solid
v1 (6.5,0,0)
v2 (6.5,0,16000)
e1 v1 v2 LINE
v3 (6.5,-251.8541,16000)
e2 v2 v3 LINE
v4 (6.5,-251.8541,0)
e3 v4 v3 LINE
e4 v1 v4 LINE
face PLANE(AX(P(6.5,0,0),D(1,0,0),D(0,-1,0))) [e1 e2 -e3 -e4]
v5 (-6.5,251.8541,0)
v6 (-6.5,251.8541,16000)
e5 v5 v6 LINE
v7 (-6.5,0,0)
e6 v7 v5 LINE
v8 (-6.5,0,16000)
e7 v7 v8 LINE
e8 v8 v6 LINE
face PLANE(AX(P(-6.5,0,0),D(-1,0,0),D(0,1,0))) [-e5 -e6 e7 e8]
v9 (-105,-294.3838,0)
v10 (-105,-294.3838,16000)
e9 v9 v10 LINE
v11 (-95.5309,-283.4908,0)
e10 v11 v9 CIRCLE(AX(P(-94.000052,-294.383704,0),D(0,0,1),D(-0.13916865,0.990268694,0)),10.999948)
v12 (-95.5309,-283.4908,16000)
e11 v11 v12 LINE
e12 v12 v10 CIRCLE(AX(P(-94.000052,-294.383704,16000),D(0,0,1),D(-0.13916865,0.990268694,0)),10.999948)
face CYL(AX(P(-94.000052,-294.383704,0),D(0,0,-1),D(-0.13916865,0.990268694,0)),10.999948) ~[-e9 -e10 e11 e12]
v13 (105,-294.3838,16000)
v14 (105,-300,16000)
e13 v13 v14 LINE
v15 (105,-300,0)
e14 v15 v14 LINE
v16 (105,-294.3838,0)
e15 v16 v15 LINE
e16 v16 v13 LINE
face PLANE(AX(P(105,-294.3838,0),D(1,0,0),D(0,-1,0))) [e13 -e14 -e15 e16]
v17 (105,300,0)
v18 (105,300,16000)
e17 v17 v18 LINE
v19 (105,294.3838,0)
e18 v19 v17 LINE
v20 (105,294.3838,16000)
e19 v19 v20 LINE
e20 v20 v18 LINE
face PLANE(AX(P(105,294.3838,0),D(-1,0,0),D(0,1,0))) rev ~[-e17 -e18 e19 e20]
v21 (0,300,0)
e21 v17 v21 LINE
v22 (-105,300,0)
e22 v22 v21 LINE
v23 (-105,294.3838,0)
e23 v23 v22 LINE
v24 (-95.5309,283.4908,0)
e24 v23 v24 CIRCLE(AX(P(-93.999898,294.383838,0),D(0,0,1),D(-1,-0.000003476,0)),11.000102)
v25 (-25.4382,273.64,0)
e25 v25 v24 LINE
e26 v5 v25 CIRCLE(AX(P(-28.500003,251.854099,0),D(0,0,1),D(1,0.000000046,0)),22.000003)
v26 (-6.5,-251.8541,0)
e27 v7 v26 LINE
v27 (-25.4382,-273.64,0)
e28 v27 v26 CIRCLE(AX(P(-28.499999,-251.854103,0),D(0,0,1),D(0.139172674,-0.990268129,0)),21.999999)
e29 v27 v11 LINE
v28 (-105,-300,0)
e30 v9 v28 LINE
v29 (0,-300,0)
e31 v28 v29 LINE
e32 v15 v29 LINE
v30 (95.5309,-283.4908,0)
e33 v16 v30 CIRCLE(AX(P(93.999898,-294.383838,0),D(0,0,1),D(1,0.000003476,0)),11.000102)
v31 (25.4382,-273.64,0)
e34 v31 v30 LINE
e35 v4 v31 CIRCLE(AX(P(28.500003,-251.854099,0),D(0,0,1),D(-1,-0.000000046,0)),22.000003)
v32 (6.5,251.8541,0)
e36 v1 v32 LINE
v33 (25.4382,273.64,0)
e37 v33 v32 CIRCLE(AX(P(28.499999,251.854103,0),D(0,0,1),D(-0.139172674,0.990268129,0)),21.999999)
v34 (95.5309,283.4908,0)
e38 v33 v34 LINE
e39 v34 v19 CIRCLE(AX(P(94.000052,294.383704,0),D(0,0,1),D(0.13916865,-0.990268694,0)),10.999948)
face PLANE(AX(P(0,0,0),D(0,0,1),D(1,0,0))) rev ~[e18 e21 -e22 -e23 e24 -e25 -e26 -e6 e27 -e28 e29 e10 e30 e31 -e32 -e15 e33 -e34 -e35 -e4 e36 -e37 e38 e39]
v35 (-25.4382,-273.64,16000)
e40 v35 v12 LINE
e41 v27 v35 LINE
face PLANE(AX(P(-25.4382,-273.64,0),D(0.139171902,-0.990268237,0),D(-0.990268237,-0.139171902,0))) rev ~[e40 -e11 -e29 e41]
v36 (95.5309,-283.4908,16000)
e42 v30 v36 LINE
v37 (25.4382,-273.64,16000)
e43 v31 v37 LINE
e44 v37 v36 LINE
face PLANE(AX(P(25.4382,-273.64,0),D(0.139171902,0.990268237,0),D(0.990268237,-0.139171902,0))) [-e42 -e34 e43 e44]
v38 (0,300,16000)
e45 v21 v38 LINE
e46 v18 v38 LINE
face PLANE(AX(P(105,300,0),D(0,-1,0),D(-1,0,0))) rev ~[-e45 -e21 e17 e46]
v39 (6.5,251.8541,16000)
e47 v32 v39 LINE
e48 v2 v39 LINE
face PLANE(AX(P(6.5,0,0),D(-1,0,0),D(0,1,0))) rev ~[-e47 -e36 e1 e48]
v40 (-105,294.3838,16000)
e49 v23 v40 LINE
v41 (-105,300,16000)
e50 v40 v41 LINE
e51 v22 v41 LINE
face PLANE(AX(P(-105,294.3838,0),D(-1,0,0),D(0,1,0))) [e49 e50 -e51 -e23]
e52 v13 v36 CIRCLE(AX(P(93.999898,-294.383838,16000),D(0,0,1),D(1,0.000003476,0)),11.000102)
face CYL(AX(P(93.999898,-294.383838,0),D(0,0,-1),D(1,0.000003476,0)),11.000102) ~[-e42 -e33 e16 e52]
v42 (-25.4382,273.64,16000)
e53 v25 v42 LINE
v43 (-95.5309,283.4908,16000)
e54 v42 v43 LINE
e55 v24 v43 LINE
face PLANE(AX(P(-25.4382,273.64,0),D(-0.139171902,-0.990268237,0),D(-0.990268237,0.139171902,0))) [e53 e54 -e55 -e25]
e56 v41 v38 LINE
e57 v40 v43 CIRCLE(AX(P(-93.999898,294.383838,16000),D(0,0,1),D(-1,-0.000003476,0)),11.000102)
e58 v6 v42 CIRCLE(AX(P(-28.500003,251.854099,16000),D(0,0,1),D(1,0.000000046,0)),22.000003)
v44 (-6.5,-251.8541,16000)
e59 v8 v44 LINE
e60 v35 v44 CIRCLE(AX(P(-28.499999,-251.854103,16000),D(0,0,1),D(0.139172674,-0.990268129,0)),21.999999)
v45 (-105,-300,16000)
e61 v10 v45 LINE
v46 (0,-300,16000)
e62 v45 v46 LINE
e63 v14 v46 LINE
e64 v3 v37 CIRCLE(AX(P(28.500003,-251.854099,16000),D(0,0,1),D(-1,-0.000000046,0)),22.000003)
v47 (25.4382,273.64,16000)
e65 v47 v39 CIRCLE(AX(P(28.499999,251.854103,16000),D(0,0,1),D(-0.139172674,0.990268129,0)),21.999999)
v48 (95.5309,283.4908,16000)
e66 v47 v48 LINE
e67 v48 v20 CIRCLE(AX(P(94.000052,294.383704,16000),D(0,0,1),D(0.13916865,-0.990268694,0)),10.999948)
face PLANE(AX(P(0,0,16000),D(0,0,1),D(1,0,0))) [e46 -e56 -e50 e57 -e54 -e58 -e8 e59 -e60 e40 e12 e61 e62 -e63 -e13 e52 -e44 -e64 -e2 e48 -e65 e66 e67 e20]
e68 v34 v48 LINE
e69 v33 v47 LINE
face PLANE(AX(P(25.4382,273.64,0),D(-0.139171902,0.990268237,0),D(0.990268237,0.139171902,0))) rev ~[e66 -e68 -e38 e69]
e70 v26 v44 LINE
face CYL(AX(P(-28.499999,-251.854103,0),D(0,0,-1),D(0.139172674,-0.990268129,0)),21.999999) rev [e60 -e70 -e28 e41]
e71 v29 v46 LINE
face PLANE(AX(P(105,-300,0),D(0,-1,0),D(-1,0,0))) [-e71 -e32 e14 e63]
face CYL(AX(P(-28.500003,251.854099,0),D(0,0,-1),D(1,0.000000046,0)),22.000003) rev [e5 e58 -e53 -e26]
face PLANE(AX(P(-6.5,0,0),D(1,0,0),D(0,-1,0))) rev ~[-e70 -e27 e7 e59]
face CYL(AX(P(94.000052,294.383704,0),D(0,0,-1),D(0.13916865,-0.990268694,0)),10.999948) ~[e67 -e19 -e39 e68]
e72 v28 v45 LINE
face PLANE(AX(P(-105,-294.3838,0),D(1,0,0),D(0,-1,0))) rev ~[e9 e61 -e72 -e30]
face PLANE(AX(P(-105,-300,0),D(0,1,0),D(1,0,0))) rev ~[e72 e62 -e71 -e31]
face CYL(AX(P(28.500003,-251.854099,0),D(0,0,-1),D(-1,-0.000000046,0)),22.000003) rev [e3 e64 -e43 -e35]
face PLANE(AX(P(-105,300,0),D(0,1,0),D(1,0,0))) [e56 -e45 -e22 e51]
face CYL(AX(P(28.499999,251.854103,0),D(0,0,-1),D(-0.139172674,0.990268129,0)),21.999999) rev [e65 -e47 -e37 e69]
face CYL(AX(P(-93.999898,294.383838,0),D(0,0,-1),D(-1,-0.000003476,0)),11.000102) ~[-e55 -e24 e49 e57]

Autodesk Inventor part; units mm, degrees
ref_plane "YZ Plane" through (0, 0, 0) normal (1, 0, 0) x (0, 1, 0)
ref_plane "Startebene" through (0, 0, 0) normal (0, 0, 1) x (1, 0, 0)
ref_plane "Endebene" through (0, 0, 16000) normal (0, 0, 1) x (1, 0, 0)
sketch "Skizze" plane through (0, 0, 0) normal (0, 0, 1) x (1, 0, 0)
  line L0 (-6.5, 0) -> (-6.5, -251.8541)
  line L1 (-25.4382, -273.64) -> (-95.5309, -283.4908)
  line L2 (-105, -294.3838) -> (-105, -300)
  line L3 (-105, -300) -> (0, -300)
  line L4 (-55.75, -300) -> (-55.75, -277.9) construction
  line L5 (-25.7112, 0) -> (34.2816, 0) construction
  line L6 (0, 40) -> (0, -300) construction
  line L7 (0, -48) -> (0, 64) construction
  line L8 (6.5, 0) -> (6.5, -251.8541)
  line L9 (25.4382, -273.64) -> (95.5309, -283.4908)
  line L10 (105, -294.3838) -> (105, -300)
  line L11 (105, -300) -> (0, -300)
  line L12 (-6.5, 0) -> (6.5, 0) construction
  line L13 (-6.5, 0) -> (-6.5, 251.8541)
  line L14 (-25.4382, 273.64) -> (-95.5309, 283.4908)
  line L15 (-105, 294.3838) -> (-105, 300)
  line L16 (-105, 300) -> (0, 300)
  line L17 (6.5, 0) -> (6.5, 251.8541)
  line L18 (25.4382, 273.64) -> (95.5309, 283.4908)
  line L19 (105, 294.3838) -> (105, 300)
  line L20 (105, 300) -> (0, 300)
  arc A0 (-105, 294.3838) -> (-95.5309, 283.4908) centre (-94, 294.3838) ccw
  arc A1 (95.5309, 283.4908) -> (105, 294.3838) centre (94, 294.3838) ccw
  arc A2 (105, -294.3838) -> (95.5309, -283.4908) centre (94, -294.3838) ccw
  arc A3 (-95.5309, -283.4908) -> (-105, -294.3838) centre (-94, -294.3838) ccw
  arc A4 (-6.5, 251.8541) -> (-25.4382, 273.64) centre (-28.5, 251.8541) ccw
  arc A5 (25.4382, 273.64) -> (6.5, 251.8541) centre (28.5, 251.8541) ccw
  arc A6 (6.5, -251.8541) -> (25.4382, -273.64) centre (28.5, -251.8541) ccw
  arc A7 (-25.4382, -273.64) -> (-6.5, -251.8541) centre (-28.5, -251.8541) ccw
  line L21 (0, 420) -> (0, -420) construction
  line L22 (-149.8509, 0) -> (149.8509, 0) construction
  point P0 (-6.5, -270.9784)
  point P1 (-105, -284.8216)
  point P2 (6.5, -270.9784)
  point P3 (105, -284.8216)
  point P4 (55.75, -300)
  point P5 (55.75, -277.9)
  point P6 (-6.5, 270.9784)
  point P7 (-105, 284.8216)
  point P8 (-55.75, 300)
  point P9 (-55.75, 277.9)
  point P10 (6.5, 270.9784)
  point P11 (105, 284.8216)
  point P12 (55.75, 277.9)
  point P13 (55.75, 300)
  dimension "d1" = 6.9216
  dimension "d2" = 22.1
  dimension "d3" = 49.25
  dimension "d4" = 6.5
  dimension "d5" = 105
  dimension "d10" = 300
  dimension "d14" = 11
  dimension "d15" = 22
extrude "Körper" add sketch "Skizze" along normal up to surface (16000 mm away) from surface at 0
sketch "Sketch3" plane through (0, 0, 0) normal (0, 0, 1) x (1, 0, 0)
  line L0 (0, 0) -> (10, 0)
ref_plane "Work Plane3" through (0, 0, 0) normal (0, -1, 0) x (1, 0, 0)
sketch "Sketch4" plane through (0, 0, 0) normal (0, -1, 0) x (1, 0, 0)
  line L0 (-2, 0) -> (12, 0)
  line L1 (-2, 16000) -> (12, 16000)
  dimension "d19" = 16000
equation "\"d2\" = G_T1"
equation "\"d3\" = G_C"
equation "\"d4\" = 0.5 * G_T"
equation "\"d5\" = 0.5 * G_W"
equation "\"d10\" = 0.5 * G_H"
equation "\"d14\" = G_ER"
equation "\"d15\" = G_IR"
equation "\"d6\" = G_L"
equation "\"G_W\" = 210"
equation "\"G_H\" = 600"
equation "\"G_T\" = 13"
equation "\"G_T1\" = 22.1"
equation "\"G_C\" = 49.25"
equation "\"G_NG\" = 0.140541"
equation "\"G_L\" = d19"
equation "\"G_ER\" = 0.5 * G_IR"
equation "\"G_IR\" = 22"
equation "\"G_OFFSET_START\" = 0"
equation "\"G_OFFSET_END\" = 0"
equation "\"d17\" = G_OFFSET_END + B_L"
equation "\"B_L\" = 16000"
properties part number "ISO 657/15 - SB 600x131 - 16000" material "Stahl, weich"
